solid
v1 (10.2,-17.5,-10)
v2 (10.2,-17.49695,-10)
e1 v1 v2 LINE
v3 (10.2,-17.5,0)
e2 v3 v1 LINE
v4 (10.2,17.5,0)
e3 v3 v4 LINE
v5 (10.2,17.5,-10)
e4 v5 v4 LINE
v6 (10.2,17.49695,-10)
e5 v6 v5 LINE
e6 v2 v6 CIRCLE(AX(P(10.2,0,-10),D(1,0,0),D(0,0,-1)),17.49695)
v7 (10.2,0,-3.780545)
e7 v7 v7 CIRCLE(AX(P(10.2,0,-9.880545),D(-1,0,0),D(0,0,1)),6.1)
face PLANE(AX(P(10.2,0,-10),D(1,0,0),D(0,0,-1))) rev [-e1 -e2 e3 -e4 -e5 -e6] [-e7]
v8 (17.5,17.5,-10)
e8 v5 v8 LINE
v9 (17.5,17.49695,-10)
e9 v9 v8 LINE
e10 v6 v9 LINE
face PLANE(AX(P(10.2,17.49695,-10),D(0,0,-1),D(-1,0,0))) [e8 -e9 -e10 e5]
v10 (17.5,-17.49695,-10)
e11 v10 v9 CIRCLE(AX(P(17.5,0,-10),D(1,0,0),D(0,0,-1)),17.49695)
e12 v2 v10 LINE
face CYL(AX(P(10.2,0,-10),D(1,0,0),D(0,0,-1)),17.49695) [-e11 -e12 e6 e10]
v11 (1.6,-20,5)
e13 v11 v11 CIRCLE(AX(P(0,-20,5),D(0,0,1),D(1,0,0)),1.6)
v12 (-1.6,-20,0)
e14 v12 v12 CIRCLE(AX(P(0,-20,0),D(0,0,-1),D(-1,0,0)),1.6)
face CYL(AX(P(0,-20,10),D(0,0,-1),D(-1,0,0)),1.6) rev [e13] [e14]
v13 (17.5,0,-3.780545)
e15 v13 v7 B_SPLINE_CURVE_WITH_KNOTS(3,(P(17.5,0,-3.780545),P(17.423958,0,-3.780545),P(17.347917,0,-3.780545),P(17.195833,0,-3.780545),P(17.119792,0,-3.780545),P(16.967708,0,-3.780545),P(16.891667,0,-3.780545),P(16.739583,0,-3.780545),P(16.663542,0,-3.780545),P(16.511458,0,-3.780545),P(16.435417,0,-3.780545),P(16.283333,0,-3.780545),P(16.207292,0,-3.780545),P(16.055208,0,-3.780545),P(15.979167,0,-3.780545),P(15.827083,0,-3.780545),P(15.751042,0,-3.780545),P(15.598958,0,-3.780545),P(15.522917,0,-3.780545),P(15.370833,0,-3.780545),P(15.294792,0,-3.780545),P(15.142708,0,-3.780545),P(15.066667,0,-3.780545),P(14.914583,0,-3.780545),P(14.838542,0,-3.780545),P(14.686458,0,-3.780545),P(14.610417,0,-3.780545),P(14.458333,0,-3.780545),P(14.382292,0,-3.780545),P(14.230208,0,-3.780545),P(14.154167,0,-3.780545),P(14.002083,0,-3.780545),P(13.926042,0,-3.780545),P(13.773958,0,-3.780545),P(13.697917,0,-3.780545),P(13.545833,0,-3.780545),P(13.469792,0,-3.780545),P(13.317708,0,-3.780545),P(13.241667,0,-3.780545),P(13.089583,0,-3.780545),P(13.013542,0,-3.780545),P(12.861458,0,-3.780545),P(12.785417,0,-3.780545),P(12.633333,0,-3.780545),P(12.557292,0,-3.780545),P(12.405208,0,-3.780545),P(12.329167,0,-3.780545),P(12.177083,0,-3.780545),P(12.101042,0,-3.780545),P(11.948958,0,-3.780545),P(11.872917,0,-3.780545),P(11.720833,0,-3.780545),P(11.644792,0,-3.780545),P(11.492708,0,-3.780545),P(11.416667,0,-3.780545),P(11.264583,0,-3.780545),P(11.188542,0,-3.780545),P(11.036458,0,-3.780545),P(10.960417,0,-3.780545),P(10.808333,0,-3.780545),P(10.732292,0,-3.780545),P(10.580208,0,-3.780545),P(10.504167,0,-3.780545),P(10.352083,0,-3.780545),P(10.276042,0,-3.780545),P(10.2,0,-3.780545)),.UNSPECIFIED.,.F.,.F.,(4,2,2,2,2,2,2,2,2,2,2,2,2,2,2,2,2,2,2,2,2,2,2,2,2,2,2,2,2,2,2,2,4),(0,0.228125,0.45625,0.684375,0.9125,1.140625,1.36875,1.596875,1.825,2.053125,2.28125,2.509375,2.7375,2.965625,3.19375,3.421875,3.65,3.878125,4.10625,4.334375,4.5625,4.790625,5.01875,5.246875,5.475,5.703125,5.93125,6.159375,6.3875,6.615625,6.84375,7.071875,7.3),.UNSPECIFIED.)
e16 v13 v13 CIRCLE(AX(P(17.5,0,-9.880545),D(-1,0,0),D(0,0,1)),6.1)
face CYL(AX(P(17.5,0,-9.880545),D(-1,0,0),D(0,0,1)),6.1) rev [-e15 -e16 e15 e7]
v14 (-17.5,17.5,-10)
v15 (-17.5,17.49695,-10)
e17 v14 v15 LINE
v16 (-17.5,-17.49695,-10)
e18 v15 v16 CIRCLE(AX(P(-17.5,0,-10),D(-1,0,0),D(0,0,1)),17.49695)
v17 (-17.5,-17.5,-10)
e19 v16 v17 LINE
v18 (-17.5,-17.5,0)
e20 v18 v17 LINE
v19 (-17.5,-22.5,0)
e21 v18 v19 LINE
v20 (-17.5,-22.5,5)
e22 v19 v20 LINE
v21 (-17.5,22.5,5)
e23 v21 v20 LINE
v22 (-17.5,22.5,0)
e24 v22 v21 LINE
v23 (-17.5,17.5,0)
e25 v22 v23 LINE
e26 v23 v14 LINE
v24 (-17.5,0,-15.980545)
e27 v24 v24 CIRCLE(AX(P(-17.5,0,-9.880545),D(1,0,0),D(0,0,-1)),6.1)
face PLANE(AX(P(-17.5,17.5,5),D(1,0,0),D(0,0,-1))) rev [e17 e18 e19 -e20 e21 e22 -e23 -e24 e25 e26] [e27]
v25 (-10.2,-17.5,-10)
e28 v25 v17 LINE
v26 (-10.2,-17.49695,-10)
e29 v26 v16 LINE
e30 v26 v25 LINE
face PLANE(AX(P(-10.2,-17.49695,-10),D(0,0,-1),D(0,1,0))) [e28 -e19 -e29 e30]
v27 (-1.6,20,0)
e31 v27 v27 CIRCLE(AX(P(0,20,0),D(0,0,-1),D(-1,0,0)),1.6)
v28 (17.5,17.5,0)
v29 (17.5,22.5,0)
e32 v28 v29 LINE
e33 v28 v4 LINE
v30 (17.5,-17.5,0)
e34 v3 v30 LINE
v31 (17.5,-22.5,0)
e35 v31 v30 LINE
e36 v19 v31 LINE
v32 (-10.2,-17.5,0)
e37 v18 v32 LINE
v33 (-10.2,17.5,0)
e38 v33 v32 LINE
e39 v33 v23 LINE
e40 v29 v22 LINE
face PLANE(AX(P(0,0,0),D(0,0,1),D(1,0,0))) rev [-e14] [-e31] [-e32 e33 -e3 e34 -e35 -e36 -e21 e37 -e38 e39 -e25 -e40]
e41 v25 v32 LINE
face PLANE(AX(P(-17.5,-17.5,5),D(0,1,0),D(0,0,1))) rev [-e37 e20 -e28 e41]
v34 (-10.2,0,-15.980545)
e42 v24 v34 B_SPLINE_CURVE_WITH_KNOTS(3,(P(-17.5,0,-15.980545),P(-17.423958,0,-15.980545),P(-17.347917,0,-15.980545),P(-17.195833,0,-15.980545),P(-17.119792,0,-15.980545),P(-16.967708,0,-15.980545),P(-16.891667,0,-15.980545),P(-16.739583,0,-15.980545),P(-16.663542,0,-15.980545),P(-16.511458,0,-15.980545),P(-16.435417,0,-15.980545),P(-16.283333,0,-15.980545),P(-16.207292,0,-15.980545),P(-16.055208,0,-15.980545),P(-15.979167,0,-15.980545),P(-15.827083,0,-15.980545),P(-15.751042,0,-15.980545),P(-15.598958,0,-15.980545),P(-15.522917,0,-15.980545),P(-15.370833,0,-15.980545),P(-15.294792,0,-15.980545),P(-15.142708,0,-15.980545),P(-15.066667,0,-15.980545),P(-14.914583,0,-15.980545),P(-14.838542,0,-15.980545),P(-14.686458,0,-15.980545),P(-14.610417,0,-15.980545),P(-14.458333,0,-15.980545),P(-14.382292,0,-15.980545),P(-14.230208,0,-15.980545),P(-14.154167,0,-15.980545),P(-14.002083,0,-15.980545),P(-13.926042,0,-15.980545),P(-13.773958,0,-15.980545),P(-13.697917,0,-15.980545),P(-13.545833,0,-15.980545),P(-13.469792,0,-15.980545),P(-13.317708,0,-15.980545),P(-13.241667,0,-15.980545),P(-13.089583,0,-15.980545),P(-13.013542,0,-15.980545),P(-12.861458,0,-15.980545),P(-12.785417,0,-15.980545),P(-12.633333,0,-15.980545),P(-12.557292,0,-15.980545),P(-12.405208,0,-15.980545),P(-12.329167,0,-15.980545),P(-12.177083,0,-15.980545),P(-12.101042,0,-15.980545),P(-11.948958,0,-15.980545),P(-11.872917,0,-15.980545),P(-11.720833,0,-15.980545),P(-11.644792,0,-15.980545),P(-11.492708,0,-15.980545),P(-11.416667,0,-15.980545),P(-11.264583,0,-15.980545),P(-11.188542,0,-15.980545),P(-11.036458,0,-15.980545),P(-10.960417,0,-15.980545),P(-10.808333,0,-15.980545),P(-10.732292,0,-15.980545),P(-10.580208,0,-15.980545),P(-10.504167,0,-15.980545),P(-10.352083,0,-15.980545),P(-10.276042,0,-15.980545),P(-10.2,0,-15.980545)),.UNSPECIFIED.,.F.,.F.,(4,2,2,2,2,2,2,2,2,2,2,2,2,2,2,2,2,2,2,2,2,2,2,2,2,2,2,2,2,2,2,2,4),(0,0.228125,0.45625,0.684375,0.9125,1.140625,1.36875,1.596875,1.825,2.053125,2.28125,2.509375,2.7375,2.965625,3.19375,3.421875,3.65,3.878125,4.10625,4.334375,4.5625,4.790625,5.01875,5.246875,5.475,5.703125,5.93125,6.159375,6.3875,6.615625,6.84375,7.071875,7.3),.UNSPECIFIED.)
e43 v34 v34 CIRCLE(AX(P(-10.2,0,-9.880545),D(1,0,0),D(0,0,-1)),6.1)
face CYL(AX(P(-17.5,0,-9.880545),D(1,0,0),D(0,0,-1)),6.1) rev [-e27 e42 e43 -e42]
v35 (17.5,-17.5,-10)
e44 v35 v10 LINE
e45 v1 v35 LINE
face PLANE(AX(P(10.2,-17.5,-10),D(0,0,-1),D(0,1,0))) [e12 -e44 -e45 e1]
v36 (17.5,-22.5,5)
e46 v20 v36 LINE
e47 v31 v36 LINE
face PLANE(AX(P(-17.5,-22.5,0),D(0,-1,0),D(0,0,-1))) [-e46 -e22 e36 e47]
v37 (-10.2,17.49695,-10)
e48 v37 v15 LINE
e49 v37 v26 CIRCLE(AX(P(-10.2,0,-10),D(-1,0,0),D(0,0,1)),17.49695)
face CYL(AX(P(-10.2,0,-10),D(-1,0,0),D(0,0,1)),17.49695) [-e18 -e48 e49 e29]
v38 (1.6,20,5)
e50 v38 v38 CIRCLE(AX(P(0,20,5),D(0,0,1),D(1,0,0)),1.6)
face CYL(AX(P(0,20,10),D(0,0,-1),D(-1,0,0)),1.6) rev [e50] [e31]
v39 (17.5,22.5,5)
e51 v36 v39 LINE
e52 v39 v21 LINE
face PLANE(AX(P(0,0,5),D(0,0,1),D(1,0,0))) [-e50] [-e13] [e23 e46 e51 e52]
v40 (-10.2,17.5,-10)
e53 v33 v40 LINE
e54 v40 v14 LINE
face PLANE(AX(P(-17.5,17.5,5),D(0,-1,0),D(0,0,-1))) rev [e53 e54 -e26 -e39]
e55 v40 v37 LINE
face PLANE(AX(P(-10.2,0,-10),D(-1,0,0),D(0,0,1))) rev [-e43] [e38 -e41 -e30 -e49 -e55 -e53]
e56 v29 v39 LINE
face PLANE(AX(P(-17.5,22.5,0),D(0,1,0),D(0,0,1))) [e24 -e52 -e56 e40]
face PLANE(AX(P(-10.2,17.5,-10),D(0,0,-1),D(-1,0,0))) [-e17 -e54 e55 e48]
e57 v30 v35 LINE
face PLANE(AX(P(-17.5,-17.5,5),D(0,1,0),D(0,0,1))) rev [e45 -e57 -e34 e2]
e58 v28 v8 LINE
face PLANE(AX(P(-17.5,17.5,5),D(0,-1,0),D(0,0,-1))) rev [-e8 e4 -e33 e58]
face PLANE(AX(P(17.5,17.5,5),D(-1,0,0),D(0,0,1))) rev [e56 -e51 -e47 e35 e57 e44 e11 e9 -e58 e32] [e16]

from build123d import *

# Parameters (mm, degrees)
SKETCH_1_W          = 35
SKETCH_1_H          = 35
EXTRUDE_1_DEPTH     = 5
EXTRUDE_2_DEPTH     = 7.3
EXTRUDE_START       = -7.3
EXTRUDE_3_DEPTH     = 7.3
SKETCH_4_W          = 35
SKETCH_4_H          = 45
EXTRUDE_4_DEPTH     = 5
SKETCH_6_R          = 6.1
CUT_EXTRUDE_1_DEPTH = 46.051329388
SKETCH_7_R          = 6.1
CUT_EXTRUDE_2_DEPTH = 46.051329388
SKETCH_8_R          = 1.6
CUT_EXTRUDE_3_DEPTH = 10


with BuildPart() as part:
    # 草图1 → 凸台-拉伸1 (new body)
    with BuildSketch(Plane.XY):
        Rectangle(SKETCH_1_W, SKETCH_1_H)
    extrude(amount=EXTRUDE_1_DEPTH)

    # 草图2 → 凸台-拉伸2 (add)
    with BuildSketch(Plane.ZY.offset(17.5)):
        with BuildLine():
            Line((5, 17.5), (-10, 17.5))
            Line((-10, 17.5), (-10, 17.496950369))
            ThreePointArc((-10, 17.496950369), (-27.496950369, 0), (-10, -17.496950369))
            Line((-10, -17.496950369), (-10, -17.5))
            Line((-10, -17.5), (5, -17.5))
            Line((5, -17.5), (5, 17.5))
        make_face()
    extrude(amount=-EXTRUDE_2_DEPTH)

    # 草图3 → 凸台-拉伸3 (add)
    with BuildSketch(Plane(origin=(17.5, 0, 0), x_dir=(0, 0, -1), z_dir=(1, 0, 0)).offset(EXTRUDE_START)):
        with BuildLine():
            Line((10, 17.5), (-5, 17.5))
            Line((-5, 17.5), (-5, -17.5))
            Line((-5, -17.5), (10, -17.5))
            Line((10, -17.5), (10, -17.496950369))
            ThreePointArc((10, -17.496950369), (27.496950369, 0), (10, 17.496950369))
            Line((10, 17.496950369), (10, 17.5))
        make_face()
    extrude(amount=EXTRUDE_3_DEPTH)

    # 草图4 → 凸台-拉伸4 (add)
    with BuildSketch(Plane.XY.offset(5)):
        Rectangle(SKETCH_4_W, SKETCH_4_H)
    extrude(amount=-EXTRUDE_4_DEPTH)

    # 草图6 → 切除-拉伸1 (cut, through all)
    with BuildSketch(Plane(origin=(-10.2, 0, 0), x_dir=(0, 0, -1), z_dir=(1, 0, 0))):
        with Locations((9.880544607, 0)):
            Circle(SKETCH_6_R)
    extrude(amount=-CUT_EXTRUDE_1_DEPTH, mode=Mode.SUBTRACT)

    # 草图7 → 切除-拉伸2 (cut, through all)
    with BuildSketch(Plane.ZY.offset(-10.2)):
        with Locations(Location((-9.880544607, 0, 0), (0, 0, 180))):
            Circle(SKETCH_7_R)
    extrude(amount=-CUT_EXTRUDE_2_DEPTH, mode=Mode.SUBTRACT)

    # 草图8 → 切除-拉伸3 (cut)
    with BuildSketch(Plane(origin=(0, 0, 0), x_dir=(-1, 0, 0), z_dir=(0, 0, -1))):
        with Locations((0, 20)):
            Circle(SKETCH_8_R)
        with Locations((0, -20)):
            Circle(SKETCH_8_R)
    extrude(amount=-CUT_EXTRUDE_3_DEPTH, mode=Mode.SUBTRACT)


solid = part.part
